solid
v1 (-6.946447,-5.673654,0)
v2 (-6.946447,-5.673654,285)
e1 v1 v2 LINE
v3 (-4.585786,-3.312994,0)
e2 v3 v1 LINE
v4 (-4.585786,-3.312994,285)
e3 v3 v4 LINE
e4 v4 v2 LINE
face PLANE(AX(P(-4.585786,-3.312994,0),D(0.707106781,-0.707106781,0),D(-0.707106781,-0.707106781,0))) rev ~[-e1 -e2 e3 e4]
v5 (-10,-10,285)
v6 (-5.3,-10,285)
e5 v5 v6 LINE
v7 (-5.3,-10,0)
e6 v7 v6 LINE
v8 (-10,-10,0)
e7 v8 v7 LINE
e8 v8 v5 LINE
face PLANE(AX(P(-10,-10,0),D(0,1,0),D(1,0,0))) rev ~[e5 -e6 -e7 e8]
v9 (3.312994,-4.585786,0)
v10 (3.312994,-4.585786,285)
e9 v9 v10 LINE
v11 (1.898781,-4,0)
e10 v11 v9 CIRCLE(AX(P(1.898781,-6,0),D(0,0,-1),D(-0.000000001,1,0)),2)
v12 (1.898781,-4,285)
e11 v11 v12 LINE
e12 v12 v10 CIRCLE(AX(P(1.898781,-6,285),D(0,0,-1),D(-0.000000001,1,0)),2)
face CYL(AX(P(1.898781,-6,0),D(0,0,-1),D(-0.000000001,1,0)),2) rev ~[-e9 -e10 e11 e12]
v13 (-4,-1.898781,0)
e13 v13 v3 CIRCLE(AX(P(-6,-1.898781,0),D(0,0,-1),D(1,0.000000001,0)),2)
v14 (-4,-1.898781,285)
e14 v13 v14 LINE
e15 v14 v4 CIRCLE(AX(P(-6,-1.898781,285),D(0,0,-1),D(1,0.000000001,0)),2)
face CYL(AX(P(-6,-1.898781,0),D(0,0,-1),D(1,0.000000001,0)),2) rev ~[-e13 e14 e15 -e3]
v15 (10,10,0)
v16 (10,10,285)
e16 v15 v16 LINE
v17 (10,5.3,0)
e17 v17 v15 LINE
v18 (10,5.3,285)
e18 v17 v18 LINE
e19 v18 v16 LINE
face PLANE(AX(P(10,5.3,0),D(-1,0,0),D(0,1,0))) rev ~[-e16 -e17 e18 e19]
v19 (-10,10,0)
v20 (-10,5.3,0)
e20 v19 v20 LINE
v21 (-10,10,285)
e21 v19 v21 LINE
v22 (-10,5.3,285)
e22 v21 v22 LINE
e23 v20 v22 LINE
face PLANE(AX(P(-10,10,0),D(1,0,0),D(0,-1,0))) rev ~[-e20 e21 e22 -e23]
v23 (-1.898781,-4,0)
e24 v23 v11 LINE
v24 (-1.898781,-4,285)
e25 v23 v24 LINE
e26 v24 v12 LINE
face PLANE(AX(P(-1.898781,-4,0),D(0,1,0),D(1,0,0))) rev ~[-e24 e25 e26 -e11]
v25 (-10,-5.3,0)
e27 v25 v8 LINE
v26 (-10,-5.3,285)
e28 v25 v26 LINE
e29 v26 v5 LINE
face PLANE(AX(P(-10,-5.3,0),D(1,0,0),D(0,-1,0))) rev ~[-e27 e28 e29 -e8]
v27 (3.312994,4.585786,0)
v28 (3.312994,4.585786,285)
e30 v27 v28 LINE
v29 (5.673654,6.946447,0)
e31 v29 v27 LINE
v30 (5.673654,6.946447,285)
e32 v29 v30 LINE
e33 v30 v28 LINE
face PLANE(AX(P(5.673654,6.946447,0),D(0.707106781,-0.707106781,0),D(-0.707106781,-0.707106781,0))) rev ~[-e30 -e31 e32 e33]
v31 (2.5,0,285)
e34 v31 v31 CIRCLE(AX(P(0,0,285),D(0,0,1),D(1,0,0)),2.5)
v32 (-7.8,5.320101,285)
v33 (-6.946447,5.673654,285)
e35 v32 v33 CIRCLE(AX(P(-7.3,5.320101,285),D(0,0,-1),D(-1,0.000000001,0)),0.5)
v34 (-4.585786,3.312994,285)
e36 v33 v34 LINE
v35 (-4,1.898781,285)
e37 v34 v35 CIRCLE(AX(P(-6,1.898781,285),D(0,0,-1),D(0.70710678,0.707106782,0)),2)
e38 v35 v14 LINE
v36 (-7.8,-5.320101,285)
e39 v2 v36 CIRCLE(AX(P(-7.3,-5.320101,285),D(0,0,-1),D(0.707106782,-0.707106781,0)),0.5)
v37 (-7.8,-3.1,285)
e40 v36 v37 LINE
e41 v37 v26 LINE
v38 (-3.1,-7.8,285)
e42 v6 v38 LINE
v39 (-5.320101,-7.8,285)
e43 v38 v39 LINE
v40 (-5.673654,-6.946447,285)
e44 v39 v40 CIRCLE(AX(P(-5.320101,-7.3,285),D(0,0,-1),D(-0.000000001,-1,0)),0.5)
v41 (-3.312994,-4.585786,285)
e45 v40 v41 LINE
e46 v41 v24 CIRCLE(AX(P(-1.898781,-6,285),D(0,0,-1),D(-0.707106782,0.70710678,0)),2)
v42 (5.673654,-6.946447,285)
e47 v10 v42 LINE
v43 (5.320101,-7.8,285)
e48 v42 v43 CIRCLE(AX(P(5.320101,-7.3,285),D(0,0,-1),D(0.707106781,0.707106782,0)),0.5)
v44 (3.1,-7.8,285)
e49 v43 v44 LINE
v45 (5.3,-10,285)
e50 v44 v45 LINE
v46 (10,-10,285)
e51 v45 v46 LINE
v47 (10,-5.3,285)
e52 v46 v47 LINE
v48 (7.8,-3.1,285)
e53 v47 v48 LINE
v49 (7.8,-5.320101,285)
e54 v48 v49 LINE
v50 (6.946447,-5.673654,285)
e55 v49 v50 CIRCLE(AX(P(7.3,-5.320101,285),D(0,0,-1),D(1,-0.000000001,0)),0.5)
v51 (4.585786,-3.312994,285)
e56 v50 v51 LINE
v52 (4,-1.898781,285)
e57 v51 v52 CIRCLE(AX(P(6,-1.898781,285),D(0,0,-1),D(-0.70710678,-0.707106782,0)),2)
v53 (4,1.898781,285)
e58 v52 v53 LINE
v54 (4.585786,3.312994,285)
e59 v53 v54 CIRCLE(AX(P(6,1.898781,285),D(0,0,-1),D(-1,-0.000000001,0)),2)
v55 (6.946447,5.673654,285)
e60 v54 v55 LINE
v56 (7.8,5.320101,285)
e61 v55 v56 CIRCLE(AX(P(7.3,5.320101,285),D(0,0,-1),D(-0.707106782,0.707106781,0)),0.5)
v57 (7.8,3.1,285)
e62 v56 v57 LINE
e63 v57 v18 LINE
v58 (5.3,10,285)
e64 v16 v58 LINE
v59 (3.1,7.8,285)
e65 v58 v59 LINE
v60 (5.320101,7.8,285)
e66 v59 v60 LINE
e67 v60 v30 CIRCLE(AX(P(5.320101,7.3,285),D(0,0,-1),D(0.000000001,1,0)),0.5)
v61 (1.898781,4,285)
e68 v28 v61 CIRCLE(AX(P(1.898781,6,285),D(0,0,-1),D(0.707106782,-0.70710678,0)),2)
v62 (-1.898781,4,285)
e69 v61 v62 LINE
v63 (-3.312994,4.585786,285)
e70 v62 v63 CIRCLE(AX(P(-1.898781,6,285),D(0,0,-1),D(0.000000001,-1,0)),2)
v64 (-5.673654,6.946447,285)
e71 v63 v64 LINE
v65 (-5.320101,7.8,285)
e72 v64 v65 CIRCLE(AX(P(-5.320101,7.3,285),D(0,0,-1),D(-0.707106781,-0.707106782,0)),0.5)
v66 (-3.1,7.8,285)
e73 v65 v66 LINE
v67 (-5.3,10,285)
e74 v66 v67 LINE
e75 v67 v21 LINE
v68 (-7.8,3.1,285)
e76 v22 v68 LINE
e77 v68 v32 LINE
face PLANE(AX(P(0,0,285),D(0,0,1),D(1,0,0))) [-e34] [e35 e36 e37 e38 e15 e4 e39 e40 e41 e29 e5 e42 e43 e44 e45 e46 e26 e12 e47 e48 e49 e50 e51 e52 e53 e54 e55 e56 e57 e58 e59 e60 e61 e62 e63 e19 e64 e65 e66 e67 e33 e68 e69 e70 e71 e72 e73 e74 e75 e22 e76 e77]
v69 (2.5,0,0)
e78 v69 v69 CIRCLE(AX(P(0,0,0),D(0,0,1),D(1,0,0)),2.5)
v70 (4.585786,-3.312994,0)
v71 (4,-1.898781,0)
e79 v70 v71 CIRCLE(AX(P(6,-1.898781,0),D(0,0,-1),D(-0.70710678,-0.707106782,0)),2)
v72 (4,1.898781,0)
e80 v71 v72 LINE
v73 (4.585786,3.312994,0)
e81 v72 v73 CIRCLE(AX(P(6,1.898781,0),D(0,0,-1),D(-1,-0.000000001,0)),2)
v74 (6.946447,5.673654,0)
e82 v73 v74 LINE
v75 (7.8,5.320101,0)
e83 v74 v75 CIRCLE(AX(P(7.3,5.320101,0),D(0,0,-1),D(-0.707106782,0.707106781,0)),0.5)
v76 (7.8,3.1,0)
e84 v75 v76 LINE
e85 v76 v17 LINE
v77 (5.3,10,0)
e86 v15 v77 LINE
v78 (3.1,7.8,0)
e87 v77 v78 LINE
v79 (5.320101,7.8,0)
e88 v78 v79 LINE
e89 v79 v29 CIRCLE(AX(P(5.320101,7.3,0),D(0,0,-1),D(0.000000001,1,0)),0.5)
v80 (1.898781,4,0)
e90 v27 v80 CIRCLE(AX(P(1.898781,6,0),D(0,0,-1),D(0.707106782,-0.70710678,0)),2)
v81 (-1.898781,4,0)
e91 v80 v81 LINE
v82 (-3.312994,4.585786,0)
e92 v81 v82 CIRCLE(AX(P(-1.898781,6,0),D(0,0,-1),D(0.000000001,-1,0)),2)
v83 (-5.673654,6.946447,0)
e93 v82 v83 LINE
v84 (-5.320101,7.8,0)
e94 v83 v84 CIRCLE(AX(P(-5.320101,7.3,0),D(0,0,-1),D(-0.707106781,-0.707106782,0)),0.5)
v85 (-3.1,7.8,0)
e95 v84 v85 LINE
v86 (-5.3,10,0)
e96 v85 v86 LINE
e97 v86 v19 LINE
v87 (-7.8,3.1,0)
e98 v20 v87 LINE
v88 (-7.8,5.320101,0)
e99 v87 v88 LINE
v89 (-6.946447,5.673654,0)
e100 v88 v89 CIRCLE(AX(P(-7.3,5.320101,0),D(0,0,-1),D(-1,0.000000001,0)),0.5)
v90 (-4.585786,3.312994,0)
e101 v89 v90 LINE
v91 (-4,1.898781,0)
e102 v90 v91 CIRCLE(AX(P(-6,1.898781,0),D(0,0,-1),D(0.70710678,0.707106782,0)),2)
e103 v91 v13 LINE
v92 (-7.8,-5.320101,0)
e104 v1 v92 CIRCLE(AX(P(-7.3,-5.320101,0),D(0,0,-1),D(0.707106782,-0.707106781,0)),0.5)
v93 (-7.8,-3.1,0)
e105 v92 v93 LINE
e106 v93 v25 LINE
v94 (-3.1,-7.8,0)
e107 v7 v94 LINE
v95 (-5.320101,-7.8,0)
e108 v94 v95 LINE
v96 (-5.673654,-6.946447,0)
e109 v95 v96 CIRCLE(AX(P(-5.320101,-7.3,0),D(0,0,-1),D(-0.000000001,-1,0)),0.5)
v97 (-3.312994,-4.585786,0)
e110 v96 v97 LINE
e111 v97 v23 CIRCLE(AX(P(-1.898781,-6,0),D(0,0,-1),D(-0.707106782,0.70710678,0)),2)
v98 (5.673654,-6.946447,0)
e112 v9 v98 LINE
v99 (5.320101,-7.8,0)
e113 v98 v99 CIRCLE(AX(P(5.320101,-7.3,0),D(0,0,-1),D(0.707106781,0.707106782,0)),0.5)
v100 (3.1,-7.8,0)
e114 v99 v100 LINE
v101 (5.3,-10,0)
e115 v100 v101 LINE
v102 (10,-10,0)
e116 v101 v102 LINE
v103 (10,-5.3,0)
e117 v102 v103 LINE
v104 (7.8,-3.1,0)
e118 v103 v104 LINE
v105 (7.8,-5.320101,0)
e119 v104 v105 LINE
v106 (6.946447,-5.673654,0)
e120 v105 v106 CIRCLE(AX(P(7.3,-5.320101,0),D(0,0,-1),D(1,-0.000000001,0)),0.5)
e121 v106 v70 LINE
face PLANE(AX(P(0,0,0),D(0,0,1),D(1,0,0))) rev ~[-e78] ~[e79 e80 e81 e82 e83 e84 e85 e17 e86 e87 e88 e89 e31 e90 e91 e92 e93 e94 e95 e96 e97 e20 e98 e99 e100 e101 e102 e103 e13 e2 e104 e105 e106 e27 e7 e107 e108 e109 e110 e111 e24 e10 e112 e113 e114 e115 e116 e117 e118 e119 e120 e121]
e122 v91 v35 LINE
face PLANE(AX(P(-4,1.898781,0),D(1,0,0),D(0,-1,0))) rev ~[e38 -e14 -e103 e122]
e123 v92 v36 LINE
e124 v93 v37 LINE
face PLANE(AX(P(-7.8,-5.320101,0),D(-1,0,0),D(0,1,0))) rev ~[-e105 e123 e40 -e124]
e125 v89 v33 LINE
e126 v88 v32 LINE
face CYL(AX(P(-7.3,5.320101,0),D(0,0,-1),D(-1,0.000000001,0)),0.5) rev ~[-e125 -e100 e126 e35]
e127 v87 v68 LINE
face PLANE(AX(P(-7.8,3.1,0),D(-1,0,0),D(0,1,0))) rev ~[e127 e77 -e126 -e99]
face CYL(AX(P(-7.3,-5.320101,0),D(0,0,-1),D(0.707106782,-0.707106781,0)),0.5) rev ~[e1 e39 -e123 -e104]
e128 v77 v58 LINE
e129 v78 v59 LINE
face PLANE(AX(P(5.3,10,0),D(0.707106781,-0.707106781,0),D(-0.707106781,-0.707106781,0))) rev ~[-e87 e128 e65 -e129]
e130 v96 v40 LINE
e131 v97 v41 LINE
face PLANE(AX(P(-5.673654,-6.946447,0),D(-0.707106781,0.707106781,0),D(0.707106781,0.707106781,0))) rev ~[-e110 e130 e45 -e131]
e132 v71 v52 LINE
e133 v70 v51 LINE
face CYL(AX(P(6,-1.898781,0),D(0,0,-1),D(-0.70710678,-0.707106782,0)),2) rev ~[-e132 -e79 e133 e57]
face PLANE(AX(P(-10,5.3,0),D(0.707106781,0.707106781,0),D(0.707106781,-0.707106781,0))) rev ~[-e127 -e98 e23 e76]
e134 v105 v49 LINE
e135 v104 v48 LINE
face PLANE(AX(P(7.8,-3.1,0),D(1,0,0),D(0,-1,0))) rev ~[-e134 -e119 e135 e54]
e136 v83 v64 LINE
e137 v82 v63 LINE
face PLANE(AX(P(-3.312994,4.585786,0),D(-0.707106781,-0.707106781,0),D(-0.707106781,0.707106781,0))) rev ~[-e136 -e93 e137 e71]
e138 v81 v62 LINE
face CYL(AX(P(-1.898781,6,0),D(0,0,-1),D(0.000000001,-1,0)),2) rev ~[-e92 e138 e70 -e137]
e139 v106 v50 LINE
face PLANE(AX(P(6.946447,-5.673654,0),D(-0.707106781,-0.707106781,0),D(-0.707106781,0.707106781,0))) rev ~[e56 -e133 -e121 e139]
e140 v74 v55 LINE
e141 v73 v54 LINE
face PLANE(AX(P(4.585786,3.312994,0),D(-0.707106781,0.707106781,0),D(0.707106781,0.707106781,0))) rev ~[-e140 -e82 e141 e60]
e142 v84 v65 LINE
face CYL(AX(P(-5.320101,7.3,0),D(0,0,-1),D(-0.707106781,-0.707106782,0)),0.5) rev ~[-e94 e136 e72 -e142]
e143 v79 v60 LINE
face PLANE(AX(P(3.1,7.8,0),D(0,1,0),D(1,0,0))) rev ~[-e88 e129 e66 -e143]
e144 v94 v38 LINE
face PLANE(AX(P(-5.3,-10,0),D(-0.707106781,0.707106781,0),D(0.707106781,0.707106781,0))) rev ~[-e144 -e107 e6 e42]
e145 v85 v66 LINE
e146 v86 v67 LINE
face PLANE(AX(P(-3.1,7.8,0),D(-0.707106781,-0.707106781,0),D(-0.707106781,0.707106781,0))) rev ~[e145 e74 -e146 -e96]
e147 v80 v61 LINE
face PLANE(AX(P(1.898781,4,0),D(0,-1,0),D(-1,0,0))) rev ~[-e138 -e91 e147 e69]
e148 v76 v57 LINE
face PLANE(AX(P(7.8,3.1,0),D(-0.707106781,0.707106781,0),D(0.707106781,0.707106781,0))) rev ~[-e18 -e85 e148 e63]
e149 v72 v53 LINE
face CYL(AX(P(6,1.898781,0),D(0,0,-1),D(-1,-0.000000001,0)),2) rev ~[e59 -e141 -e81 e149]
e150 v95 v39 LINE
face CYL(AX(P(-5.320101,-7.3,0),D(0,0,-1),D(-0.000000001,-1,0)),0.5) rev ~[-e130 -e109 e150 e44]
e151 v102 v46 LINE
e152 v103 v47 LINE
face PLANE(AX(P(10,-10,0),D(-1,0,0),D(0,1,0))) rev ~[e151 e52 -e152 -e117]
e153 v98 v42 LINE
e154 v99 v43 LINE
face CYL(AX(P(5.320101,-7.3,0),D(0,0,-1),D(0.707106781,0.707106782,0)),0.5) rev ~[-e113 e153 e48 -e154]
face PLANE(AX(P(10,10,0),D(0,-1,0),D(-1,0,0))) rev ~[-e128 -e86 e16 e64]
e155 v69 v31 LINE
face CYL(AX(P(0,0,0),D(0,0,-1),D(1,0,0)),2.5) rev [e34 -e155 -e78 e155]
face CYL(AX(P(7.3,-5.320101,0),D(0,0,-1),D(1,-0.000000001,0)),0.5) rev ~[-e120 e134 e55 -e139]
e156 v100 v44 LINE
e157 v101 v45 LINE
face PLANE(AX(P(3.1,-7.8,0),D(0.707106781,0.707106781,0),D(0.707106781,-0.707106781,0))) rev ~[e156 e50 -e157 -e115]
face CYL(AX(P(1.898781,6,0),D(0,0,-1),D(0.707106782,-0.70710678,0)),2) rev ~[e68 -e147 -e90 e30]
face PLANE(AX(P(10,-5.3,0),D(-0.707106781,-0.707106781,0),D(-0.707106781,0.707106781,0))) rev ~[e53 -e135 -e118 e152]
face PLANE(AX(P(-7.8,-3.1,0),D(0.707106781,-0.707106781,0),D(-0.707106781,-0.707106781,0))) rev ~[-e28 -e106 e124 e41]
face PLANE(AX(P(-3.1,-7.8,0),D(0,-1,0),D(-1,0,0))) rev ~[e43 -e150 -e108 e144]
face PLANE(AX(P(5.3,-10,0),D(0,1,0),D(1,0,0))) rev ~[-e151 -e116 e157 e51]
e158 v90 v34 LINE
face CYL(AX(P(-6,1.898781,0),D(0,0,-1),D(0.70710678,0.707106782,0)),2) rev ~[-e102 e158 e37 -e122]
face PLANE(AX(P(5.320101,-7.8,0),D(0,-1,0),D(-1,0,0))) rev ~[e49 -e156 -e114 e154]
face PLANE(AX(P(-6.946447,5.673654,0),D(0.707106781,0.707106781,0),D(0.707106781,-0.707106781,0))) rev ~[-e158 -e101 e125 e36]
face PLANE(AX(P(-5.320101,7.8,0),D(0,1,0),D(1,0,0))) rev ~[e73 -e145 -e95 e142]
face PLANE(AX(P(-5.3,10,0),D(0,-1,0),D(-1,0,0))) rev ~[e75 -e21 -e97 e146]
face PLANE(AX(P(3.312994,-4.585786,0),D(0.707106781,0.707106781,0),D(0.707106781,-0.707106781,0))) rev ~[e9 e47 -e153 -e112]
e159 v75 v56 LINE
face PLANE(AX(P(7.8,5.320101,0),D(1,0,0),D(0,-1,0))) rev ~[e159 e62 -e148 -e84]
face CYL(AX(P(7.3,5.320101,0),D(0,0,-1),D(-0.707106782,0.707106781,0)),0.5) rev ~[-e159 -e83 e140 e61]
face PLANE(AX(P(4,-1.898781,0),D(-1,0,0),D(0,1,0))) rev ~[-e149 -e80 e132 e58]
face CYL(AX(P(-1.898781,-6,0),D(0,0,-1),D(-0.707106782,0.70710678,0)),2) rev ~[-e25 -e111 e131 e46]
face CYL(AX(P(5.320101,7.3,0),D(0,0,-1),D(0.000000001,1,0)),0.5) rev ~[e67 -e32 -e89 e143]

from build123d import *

# Parameters (mm, degrees)
SKETCH1_R           = 2.5
BOSS_EXTRUDE1_DEPTH = 285


with BuildPart() as part:
    # Sketch1 → Boss-Extrude1 (new body)
    with BuildSketch(Plane.XY):
        with BuildLine():
            Line((-10, 10), (-10, 5.3))
            Line((-10, 5.3), (-7.8, 3.1))
            Line((-7.8, 3.1), (-7.8, 5.320101013))
            ThreePointArc((-7.8, 5.320101013), (-7.491341716, 5.782040779), (-6.946446609, 5.673654403))
            Line((-6.946446609, 5.673654403), (-4.585786438, 3.312994231))
            ThreePointArc((-4.585786438, 3.312994231), (-4.152240935, 2.664147534), (-4, 1.898780669))
            Line((-4, 1.898780669), (-4, 0))
            Line((-4, 0), (-4, -1.898780669))
            ThreePointArc((-4, -1.898780669), (-4.152240935, -2.664147534), (-4.585786438, -3.312994231))
            Line((-4.585786438, -3.312994231), (-6.946446609, -5.673654403))
            ThreePointArc((-6.946446609, -5.673654403), (-7.491341716, -5.782040779), (-7.8, -5.320101013))
            Line((-7.8, -5.320101013), (-7.8, -3.1))
            Line((-7.8, -3.1), (-10, -5.3))
            Line((-10, -5.3), (-10, -10))
            Line((-10, -10), (-5.3, -10))
            Line((-5.3, -10), (-3.1, -7.8))
            Line((-3.1, -7.8), (-5.320101013, -7.8))
            ThreePointArc((-5.320101013, -7.8), (-5.782040779, -7.491341716), (-5.673654403, -6.946446609))
            Line((-5.673654403, -6.946446609), (-3.312994231, -4.585786438))
            ThreePointArc((-3.312994231, -4.585786438), (-2.664147534, -4.152240935), (-1.898780669, -4))
            Line((-1.898780669, -4), (0, -4))
            Line((0, -4), (1.898780669, -4))
            ThreePointArc((1.898780669, -4), (2.664147534, -4.152240935), (3.312994231, -4.585786438))
            Line((3.312994231, -4.585786438), (5.673654403, -6.946446609))
            ThreePointArc((5.673654403, -6.946446609), (5.782040779, -7.491341716), (5.320101013, -7.8))
            Line((5.320101013, -7.8), (3.1, -7.8))
            Line((3.1, -7.8), (5.3, -10))
            Line((5.3, -10), (10, -10))
            Line((10, -10), (10, -5.3))
            Line((10, -5.3), (7.8, -3.1))
            Line((7.8, -3.1), (7.8, -5.320101013))
            ThreePointArc((7.8, -5.320101013), (7.491341716, -5.782040779), (6.946446609, -5.673654403))
            Line((6.946446609, -5.673654403), (4.585786438, -3.312994231))
            ThreePointArc((4.585786438, -3.312994231), (4.152240935, -2.664147534), (4, -1.898780669))
            Line((4, -1.898780669), (4, 0))
            Line((4, 0), (4, 1.898780669))
            ThreePointArc((4, 1.898780669), (4.152240935, 2.664147534), (4.585786438, 3.312994231))
            Line((4.585786438, 3.312994231), (6.946446609, 5.673654403))
            ThreePointArc((6.946446609, 5.673654403), (7.491341716, 5.782040779), (7.8, 5.320101013))
            Line((7.8, 5.320101013), (7.8, 3.1))
            Line((7.8, 3.1), (10, 5.3))
            Line((10, 5.3), (10, 10))
            Line((10, 10), (5.3, 10))
            Line((5.3, 10), (3.1, 7.8))
            Line((3.1, 7.8), (5.320101013, 7.8))
            ThreePointArc((5.320101013, 7.8), (5.782040779, 7.491341716), (5.673654403, 6.946446609))
            Line((5.673654403, 6.946446609), (3.312994231, 4.585786438))
            ThreePointArc((3.312994231, 4.585786438), (2.664147534, 4.152240935), (1.898780669, 4))
            Line((1.898780669, 4), (0, 4))
            Line((0, 4), (-1.898780669, 4))
            ThreePointArc((-1.898780669, 4), (-2.664147534, 4.152240935), (-3.312994231, 4.585786438))
            Line((-3.312994231, 4.585786438), (-5.673654403, 6.946446609))
            ThreePointArc((-5.673654403, 6.946446609), (-5.782040779, 7.491341716), (-5.320101013, 7.8))
            Line((-5.320101013, 7.8), (-3.1, 7.8))
            Line((-3.1, 7.8), (-5.3, 10))
            Line((-5.3, 10), (-10, 10))
        make_face()
        Circle(SKETCH1_R, mode=Mode.SUBTRACT)
    extrude(amount=BOSS_EXTRUDE1_DEPTH)


solid = part.part
